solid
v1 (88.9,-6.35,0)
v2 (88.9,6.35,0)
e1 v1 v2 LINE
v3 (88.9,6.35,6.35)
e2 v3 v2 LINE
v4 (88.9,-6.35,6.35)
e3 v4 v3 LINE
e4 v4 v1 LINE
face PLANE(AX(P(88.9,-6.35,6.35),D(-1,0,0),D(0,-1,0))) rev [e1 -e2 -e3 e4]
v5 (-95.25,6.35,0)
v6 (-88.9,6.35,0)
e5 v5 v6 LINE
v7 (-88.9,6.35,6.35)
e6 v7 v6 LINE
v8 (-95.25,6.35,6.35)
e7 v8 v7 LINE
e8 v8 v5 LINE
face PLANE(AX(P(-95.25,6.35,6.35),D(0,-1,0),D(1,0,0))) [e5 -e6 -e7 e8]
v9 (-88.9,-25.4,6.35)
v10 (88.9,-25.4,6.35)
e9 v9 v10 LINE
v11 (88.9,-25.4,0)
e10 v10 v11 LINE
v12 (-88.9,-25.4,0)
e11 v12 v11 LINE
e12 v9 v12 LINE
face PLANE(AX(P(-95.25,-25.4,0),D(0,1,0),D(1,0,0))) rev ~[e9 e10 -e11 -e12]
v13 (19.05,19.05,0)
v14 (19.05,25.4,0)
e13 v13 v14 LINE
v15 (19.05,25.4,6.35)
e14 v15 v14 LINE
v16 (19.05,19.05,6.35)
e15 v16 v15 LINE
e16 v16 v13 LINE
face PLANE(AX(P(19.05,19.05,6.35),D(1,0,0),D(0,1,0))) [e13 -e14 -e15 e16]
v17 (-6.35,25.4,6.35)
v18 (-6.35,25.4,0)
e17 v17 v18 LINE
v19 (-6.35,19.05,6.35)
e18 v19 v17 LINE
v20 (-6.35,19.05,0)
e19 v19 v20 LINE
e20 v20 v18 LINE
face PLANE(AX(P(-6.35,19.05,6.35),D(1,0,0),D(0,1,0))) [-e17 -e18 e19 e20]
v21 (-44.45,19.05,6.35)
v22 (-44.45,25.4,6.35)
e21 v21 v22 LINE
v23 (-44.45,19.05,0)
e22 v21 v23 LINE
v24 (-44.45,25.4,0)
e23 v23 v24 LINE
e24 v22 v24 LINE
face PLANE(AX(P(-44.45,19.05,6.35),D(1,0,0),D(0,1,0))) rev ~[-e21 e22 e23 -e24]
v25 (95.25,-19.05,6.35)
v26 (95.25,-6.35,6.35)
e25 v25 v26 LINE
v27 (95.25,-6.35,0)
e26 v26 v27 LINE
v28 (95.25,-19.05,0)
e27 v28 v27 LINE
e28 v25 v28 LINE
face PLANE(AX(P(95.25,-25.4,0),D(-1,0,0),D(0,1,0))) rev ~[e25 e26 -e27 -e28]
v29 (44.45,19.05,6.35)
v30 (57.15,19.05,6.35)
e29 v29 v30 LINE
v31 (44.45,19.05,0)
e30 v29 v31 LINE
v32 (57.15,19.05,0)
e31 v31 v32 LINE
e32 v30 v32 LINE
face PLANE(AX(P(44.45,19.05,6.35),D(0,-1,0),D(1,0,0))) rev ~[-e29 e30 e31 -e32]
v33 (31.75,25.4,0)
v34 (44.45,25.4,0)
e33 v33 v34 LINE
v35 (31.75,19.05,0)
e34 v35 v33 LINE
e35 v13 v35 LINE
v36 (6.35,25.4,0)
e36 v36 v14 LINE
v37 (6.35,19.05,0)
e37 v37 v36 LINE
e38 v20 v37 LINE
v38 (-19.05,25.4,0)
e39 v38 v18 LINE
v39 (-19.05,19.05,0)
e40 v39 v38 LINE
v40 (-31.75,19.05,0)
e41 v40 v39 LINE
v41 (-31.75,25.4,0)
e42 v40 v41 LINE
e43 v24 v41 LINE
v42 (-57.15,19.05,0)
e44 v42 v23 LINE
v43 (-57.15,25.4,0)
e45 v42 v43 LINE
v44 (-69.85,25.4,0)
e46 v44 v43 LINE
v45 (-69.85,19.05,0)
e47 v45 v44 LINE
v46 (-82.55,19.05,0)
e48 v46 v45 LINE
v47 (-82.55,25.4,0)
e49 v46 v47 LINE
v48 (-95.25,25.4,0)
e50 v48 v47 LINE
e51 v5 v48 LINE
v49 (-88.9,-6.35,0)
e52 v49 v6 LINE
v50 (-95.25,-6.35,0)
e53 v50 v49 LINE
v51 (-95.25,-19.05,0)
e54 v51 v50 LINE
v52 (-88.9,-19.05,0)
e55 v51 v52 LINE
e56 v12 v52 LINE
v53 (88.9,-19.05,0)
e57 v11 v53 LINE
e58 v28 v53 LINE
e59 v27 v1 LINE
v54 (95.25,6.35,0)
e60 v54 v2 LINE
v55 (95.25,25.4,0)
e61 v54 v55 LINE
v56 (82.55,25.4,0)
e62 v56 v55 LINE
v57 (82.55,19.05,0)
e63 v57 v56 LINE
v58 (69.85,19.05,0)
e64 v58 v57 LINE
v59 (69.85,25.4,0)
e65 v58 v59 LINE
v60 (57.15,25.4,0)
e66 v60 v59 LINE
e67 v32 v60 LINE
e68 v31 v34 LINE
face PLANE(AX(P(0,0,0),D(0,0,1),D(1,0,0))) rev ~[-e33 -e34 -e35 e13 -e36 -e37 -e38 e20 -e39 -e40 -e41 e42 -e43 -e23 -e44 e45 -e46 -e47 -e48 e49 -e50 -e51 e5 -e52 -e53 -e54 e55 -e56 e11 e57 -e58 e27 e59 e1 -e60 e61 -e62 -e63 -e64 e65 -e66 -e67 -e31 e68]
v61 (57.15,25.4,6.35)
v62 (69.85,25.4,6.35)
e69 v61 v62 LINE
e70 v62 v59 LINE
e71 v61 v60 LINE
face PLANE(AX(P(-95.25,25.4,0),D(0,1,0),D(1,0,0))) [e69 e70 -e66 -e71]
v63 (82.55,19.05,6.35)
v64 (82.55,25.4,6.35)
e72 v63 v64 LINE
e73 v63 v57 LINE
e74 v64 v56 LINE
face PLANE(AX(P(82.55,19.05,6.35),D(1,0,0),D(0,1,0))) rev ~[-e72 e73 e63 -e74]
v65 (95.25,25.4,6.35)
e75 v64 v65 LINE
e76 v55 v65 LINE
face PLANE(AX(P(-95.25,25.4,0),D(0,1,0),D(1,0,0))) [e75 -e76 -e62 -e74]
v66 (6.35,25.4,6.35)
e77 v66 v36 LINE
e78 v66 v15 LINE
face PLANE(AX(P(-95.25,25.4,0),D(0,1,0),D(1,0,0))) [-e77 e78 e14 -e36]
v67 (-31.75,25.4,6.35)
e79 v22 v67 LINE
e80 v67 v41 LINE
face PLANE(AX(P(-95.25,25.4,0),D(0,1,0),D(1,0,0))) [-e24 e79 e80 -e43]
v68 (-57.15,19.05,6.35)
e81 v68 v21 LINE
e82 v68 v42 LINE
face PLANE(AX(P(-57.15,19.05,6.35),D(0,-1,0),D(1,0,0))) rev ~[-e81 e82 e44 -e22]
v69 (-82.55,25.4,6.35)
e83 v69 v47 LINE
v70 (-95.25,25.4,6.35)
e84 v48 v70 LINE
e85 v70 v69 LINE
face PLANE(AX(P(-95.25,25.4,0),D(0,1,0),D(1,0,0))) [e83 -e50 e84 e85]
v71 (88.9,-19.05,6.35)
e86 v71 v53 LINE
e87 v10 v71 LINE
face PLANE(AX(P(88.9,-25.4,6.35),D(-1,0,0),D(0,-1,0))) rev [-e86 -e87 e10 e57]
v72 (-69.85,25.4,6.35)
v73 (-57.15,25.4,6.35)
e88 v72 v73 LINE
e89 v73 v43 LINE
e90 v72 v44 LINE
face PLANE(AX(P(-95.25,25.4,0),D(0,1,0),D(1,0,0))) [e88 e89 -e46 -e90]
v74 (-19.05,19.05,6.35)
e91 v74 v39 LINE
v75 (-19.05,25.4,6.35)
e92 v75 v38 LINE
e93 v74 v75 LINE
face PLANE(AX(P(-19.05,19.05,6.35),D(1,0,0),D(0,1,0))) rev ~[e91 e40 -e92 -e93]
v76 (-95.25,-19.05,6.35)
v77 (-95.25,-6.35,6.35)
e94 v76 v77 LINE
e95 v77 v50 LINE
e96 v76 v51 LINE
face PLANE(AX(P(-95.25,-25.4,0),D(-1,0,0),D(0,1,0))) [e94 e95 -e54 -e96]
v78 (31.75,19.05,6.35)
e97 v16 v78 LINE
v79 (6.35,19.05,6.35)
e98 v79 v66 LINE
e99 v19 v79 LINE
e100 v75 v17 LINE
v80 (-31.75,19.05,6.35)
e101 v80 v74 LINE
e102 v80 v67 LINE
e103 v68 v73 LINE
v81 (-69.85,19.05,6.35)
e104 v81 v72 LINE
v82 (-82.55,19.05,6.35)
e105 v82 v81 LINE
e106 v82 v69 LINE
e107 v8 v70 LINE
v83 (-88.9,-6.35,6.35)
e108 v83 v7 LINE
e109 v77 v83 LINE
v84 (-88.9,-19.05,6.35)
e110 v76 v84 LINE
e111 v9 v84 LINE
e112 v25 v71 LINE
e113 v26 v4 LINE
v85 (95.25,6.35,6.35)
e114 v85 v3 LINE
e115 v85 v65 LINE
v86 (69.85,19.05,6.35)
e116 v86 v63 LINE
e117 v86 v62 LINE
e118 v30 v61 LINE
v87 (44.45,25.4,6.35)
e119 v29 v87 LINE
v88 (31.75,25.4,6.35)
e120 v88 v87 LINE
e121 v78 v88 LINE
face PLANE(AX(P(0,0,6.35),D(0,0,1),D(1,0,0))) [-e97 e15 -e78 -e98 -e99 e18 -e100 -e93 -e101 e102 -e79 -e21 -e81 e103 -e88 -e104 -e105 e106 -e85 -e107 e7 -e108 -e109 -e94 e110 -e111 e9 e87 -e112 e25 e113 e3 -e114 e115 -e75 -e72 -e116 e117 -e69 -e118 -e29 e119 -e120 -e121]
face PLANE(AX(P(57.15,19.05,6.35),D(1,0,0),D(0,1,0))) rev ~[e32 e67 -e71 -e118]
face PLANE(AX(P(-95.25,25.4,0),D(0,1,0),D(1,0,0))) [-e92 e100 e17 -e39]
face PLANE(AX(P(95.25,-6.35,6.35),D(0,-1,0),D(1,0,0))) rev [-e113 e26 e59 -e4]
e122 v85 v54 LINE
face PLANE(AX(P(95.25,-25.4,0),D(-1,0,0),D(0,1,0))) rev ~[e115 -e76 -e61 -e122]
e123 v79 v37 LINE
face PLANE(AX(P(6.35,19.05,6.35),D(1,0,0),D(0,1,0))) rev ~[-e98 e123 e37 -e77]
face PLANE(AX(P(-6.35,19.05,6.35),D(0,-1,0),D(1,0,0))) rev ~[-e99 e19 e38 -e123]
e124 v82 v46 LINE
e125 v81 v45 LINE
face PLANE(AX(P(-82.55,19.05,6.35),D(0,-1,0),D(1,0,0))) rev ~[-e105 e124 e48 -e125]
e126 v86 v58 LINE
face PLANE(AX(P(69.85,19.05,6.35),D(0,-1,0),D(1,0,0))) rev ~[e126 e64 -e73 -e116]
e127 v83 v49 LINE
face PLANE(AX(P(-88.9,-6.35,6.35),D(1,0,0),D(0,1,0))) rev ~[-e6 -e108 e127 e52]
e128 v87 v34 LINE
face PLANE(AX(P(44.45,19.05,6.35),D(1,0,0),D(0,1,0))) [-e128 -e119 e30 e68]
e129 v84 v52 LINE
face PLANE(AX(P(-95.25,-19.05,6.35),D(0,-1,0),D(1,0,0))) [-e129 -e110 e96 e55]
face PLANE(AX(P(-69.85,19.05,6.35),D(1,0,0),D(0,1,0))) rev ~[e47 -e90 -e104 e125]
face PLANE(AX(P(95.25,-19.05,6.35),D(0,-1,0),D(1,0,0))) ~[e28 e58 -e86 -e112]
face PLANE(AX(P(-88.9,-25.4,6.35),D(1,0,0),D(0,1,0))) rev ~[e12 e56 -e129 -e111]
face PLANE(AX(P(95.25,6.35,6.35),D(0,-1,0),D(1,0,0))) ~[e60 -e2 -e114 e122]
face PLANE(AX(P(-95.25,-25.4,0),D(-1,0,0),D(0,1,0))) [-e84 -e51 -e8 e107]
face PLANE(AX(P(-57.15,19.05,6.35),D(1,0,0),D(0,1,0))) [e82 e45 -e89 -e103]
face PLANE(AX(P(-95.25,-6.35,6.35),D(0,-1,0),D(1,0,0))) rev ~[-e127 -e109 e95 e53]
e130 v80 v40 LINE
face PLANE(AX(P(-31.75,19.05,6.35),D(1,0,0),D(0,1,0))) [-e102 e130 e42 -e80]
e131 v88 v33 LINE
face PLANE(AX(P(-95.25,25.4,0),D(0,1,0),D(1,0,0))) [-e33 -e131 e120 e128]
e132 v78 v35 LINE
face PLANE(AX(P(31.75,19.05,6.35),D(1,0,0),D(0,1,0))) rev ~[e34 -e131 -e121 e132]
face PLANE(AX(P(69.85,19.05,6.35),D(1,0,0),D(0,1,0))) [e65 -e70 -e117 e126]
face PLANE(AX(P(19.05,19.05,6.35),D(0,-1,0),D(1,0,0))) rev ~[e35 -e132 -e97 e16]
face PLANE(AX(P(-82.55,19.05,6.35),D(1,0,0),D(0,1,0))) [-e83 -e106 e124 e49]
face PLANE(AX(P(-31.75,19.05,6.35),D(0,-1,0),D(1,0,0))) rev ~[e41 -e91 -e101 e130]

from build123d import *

# Parameters (mm, degrees)
SKETCH1_W           = 190.5
SKETCH1_H           = 50.8
BOSS_EXTRUDE1_DEPTH = 6.35
SKETCH2_W           = 6.35
SKETCH2_H           = 12.7
CUT_EXTRUDE1_DEPTH  = 7.35
SKETCH3_W           = 6.35
SKETCH3_H           = 6.35
CUT_EXTRUDE2_DEPTH  = 7.35
SKETCH4_W           = 12.7
SKETCH4_H           = 6.35
CUT_EXTRUDE3_DEPTH  = 7.35
LPATTERN1_COUNT     = 7
LPATTERN1_PITCH     = 25.4


with BuildPart() as part:
    # Sketch1 → Boss-Extrude1 (new body)
    with BuildSketch(Plane.XY):
        Rectangle(SKETCH1_W, SKETCH1_H)
    extrude(amount=BOSS_EXTRUDE1_DEPTH)

    # Sketch2 → Cut-Extrude1 (cut, through all)
    with BuildSketch(Plane.XY.offset(6.35)):
        with Locations((-92.075, 0)):
            Rectangle(SKETCH2_W, SKETCH2_H)
    cut_extrude1 = extrude(amount=-CUT_EXTRUDE1_DEPTH, mode=Mode.SUBTRACT)

    # Sketch3 → Cut-Extrude2 (cut, through all)
    with BuildSketch(Plane.XY.offset(6.35)):
        with Locations((-92.075, -22.225)):
            Rectangle(SKETCH3_W, SKETCH3_H)
    cut_extrude2 = extrude(amount=-CUT_EXTRUDE2_DEPTH, mode=Mode.SUBTRACT)

    # Mirror1: Cut-Extrude2 across plane
    add(cut_extrude2.mirror(Plane(origin=(0, 0, 0), x_dir=(0, 0, 1), z_dir=(1, 0, 0))), mode=Mode.SUBTRACT)

    # Mirror2: Cut-Extrude1 across plane
    add(cut_extrude1.mirror(Plane(origin=(0, 0, 0), x_dir=(0, 0, 1), z_dir=(1, 0, 0))), mode=Mode.SUBTRACT)

    # Sketch4 → Cut-Extrude3 (cut, through all)
    with BuildSketch(Plane.XY.offset(6.35)):
        with Locations((-76.2, 22.225)):
            Rectangle(SKETCH4_W, SKETCH4_H)
    cut_extrude3 = extrude(amount=-CUT_EXTRUDE3_DEPTH, mode=Mode.SUBTRACT)

    # LPattern1: Cut-Extrude3 ×7
    with Locations(*[(i * LPATTERN1_PITCH, 0, 0) for i in range(1, LPATTERN1_COUNT)]):
        add(cut_extrude3, mode=Mode.SUBTRACT)


solid = part.part
